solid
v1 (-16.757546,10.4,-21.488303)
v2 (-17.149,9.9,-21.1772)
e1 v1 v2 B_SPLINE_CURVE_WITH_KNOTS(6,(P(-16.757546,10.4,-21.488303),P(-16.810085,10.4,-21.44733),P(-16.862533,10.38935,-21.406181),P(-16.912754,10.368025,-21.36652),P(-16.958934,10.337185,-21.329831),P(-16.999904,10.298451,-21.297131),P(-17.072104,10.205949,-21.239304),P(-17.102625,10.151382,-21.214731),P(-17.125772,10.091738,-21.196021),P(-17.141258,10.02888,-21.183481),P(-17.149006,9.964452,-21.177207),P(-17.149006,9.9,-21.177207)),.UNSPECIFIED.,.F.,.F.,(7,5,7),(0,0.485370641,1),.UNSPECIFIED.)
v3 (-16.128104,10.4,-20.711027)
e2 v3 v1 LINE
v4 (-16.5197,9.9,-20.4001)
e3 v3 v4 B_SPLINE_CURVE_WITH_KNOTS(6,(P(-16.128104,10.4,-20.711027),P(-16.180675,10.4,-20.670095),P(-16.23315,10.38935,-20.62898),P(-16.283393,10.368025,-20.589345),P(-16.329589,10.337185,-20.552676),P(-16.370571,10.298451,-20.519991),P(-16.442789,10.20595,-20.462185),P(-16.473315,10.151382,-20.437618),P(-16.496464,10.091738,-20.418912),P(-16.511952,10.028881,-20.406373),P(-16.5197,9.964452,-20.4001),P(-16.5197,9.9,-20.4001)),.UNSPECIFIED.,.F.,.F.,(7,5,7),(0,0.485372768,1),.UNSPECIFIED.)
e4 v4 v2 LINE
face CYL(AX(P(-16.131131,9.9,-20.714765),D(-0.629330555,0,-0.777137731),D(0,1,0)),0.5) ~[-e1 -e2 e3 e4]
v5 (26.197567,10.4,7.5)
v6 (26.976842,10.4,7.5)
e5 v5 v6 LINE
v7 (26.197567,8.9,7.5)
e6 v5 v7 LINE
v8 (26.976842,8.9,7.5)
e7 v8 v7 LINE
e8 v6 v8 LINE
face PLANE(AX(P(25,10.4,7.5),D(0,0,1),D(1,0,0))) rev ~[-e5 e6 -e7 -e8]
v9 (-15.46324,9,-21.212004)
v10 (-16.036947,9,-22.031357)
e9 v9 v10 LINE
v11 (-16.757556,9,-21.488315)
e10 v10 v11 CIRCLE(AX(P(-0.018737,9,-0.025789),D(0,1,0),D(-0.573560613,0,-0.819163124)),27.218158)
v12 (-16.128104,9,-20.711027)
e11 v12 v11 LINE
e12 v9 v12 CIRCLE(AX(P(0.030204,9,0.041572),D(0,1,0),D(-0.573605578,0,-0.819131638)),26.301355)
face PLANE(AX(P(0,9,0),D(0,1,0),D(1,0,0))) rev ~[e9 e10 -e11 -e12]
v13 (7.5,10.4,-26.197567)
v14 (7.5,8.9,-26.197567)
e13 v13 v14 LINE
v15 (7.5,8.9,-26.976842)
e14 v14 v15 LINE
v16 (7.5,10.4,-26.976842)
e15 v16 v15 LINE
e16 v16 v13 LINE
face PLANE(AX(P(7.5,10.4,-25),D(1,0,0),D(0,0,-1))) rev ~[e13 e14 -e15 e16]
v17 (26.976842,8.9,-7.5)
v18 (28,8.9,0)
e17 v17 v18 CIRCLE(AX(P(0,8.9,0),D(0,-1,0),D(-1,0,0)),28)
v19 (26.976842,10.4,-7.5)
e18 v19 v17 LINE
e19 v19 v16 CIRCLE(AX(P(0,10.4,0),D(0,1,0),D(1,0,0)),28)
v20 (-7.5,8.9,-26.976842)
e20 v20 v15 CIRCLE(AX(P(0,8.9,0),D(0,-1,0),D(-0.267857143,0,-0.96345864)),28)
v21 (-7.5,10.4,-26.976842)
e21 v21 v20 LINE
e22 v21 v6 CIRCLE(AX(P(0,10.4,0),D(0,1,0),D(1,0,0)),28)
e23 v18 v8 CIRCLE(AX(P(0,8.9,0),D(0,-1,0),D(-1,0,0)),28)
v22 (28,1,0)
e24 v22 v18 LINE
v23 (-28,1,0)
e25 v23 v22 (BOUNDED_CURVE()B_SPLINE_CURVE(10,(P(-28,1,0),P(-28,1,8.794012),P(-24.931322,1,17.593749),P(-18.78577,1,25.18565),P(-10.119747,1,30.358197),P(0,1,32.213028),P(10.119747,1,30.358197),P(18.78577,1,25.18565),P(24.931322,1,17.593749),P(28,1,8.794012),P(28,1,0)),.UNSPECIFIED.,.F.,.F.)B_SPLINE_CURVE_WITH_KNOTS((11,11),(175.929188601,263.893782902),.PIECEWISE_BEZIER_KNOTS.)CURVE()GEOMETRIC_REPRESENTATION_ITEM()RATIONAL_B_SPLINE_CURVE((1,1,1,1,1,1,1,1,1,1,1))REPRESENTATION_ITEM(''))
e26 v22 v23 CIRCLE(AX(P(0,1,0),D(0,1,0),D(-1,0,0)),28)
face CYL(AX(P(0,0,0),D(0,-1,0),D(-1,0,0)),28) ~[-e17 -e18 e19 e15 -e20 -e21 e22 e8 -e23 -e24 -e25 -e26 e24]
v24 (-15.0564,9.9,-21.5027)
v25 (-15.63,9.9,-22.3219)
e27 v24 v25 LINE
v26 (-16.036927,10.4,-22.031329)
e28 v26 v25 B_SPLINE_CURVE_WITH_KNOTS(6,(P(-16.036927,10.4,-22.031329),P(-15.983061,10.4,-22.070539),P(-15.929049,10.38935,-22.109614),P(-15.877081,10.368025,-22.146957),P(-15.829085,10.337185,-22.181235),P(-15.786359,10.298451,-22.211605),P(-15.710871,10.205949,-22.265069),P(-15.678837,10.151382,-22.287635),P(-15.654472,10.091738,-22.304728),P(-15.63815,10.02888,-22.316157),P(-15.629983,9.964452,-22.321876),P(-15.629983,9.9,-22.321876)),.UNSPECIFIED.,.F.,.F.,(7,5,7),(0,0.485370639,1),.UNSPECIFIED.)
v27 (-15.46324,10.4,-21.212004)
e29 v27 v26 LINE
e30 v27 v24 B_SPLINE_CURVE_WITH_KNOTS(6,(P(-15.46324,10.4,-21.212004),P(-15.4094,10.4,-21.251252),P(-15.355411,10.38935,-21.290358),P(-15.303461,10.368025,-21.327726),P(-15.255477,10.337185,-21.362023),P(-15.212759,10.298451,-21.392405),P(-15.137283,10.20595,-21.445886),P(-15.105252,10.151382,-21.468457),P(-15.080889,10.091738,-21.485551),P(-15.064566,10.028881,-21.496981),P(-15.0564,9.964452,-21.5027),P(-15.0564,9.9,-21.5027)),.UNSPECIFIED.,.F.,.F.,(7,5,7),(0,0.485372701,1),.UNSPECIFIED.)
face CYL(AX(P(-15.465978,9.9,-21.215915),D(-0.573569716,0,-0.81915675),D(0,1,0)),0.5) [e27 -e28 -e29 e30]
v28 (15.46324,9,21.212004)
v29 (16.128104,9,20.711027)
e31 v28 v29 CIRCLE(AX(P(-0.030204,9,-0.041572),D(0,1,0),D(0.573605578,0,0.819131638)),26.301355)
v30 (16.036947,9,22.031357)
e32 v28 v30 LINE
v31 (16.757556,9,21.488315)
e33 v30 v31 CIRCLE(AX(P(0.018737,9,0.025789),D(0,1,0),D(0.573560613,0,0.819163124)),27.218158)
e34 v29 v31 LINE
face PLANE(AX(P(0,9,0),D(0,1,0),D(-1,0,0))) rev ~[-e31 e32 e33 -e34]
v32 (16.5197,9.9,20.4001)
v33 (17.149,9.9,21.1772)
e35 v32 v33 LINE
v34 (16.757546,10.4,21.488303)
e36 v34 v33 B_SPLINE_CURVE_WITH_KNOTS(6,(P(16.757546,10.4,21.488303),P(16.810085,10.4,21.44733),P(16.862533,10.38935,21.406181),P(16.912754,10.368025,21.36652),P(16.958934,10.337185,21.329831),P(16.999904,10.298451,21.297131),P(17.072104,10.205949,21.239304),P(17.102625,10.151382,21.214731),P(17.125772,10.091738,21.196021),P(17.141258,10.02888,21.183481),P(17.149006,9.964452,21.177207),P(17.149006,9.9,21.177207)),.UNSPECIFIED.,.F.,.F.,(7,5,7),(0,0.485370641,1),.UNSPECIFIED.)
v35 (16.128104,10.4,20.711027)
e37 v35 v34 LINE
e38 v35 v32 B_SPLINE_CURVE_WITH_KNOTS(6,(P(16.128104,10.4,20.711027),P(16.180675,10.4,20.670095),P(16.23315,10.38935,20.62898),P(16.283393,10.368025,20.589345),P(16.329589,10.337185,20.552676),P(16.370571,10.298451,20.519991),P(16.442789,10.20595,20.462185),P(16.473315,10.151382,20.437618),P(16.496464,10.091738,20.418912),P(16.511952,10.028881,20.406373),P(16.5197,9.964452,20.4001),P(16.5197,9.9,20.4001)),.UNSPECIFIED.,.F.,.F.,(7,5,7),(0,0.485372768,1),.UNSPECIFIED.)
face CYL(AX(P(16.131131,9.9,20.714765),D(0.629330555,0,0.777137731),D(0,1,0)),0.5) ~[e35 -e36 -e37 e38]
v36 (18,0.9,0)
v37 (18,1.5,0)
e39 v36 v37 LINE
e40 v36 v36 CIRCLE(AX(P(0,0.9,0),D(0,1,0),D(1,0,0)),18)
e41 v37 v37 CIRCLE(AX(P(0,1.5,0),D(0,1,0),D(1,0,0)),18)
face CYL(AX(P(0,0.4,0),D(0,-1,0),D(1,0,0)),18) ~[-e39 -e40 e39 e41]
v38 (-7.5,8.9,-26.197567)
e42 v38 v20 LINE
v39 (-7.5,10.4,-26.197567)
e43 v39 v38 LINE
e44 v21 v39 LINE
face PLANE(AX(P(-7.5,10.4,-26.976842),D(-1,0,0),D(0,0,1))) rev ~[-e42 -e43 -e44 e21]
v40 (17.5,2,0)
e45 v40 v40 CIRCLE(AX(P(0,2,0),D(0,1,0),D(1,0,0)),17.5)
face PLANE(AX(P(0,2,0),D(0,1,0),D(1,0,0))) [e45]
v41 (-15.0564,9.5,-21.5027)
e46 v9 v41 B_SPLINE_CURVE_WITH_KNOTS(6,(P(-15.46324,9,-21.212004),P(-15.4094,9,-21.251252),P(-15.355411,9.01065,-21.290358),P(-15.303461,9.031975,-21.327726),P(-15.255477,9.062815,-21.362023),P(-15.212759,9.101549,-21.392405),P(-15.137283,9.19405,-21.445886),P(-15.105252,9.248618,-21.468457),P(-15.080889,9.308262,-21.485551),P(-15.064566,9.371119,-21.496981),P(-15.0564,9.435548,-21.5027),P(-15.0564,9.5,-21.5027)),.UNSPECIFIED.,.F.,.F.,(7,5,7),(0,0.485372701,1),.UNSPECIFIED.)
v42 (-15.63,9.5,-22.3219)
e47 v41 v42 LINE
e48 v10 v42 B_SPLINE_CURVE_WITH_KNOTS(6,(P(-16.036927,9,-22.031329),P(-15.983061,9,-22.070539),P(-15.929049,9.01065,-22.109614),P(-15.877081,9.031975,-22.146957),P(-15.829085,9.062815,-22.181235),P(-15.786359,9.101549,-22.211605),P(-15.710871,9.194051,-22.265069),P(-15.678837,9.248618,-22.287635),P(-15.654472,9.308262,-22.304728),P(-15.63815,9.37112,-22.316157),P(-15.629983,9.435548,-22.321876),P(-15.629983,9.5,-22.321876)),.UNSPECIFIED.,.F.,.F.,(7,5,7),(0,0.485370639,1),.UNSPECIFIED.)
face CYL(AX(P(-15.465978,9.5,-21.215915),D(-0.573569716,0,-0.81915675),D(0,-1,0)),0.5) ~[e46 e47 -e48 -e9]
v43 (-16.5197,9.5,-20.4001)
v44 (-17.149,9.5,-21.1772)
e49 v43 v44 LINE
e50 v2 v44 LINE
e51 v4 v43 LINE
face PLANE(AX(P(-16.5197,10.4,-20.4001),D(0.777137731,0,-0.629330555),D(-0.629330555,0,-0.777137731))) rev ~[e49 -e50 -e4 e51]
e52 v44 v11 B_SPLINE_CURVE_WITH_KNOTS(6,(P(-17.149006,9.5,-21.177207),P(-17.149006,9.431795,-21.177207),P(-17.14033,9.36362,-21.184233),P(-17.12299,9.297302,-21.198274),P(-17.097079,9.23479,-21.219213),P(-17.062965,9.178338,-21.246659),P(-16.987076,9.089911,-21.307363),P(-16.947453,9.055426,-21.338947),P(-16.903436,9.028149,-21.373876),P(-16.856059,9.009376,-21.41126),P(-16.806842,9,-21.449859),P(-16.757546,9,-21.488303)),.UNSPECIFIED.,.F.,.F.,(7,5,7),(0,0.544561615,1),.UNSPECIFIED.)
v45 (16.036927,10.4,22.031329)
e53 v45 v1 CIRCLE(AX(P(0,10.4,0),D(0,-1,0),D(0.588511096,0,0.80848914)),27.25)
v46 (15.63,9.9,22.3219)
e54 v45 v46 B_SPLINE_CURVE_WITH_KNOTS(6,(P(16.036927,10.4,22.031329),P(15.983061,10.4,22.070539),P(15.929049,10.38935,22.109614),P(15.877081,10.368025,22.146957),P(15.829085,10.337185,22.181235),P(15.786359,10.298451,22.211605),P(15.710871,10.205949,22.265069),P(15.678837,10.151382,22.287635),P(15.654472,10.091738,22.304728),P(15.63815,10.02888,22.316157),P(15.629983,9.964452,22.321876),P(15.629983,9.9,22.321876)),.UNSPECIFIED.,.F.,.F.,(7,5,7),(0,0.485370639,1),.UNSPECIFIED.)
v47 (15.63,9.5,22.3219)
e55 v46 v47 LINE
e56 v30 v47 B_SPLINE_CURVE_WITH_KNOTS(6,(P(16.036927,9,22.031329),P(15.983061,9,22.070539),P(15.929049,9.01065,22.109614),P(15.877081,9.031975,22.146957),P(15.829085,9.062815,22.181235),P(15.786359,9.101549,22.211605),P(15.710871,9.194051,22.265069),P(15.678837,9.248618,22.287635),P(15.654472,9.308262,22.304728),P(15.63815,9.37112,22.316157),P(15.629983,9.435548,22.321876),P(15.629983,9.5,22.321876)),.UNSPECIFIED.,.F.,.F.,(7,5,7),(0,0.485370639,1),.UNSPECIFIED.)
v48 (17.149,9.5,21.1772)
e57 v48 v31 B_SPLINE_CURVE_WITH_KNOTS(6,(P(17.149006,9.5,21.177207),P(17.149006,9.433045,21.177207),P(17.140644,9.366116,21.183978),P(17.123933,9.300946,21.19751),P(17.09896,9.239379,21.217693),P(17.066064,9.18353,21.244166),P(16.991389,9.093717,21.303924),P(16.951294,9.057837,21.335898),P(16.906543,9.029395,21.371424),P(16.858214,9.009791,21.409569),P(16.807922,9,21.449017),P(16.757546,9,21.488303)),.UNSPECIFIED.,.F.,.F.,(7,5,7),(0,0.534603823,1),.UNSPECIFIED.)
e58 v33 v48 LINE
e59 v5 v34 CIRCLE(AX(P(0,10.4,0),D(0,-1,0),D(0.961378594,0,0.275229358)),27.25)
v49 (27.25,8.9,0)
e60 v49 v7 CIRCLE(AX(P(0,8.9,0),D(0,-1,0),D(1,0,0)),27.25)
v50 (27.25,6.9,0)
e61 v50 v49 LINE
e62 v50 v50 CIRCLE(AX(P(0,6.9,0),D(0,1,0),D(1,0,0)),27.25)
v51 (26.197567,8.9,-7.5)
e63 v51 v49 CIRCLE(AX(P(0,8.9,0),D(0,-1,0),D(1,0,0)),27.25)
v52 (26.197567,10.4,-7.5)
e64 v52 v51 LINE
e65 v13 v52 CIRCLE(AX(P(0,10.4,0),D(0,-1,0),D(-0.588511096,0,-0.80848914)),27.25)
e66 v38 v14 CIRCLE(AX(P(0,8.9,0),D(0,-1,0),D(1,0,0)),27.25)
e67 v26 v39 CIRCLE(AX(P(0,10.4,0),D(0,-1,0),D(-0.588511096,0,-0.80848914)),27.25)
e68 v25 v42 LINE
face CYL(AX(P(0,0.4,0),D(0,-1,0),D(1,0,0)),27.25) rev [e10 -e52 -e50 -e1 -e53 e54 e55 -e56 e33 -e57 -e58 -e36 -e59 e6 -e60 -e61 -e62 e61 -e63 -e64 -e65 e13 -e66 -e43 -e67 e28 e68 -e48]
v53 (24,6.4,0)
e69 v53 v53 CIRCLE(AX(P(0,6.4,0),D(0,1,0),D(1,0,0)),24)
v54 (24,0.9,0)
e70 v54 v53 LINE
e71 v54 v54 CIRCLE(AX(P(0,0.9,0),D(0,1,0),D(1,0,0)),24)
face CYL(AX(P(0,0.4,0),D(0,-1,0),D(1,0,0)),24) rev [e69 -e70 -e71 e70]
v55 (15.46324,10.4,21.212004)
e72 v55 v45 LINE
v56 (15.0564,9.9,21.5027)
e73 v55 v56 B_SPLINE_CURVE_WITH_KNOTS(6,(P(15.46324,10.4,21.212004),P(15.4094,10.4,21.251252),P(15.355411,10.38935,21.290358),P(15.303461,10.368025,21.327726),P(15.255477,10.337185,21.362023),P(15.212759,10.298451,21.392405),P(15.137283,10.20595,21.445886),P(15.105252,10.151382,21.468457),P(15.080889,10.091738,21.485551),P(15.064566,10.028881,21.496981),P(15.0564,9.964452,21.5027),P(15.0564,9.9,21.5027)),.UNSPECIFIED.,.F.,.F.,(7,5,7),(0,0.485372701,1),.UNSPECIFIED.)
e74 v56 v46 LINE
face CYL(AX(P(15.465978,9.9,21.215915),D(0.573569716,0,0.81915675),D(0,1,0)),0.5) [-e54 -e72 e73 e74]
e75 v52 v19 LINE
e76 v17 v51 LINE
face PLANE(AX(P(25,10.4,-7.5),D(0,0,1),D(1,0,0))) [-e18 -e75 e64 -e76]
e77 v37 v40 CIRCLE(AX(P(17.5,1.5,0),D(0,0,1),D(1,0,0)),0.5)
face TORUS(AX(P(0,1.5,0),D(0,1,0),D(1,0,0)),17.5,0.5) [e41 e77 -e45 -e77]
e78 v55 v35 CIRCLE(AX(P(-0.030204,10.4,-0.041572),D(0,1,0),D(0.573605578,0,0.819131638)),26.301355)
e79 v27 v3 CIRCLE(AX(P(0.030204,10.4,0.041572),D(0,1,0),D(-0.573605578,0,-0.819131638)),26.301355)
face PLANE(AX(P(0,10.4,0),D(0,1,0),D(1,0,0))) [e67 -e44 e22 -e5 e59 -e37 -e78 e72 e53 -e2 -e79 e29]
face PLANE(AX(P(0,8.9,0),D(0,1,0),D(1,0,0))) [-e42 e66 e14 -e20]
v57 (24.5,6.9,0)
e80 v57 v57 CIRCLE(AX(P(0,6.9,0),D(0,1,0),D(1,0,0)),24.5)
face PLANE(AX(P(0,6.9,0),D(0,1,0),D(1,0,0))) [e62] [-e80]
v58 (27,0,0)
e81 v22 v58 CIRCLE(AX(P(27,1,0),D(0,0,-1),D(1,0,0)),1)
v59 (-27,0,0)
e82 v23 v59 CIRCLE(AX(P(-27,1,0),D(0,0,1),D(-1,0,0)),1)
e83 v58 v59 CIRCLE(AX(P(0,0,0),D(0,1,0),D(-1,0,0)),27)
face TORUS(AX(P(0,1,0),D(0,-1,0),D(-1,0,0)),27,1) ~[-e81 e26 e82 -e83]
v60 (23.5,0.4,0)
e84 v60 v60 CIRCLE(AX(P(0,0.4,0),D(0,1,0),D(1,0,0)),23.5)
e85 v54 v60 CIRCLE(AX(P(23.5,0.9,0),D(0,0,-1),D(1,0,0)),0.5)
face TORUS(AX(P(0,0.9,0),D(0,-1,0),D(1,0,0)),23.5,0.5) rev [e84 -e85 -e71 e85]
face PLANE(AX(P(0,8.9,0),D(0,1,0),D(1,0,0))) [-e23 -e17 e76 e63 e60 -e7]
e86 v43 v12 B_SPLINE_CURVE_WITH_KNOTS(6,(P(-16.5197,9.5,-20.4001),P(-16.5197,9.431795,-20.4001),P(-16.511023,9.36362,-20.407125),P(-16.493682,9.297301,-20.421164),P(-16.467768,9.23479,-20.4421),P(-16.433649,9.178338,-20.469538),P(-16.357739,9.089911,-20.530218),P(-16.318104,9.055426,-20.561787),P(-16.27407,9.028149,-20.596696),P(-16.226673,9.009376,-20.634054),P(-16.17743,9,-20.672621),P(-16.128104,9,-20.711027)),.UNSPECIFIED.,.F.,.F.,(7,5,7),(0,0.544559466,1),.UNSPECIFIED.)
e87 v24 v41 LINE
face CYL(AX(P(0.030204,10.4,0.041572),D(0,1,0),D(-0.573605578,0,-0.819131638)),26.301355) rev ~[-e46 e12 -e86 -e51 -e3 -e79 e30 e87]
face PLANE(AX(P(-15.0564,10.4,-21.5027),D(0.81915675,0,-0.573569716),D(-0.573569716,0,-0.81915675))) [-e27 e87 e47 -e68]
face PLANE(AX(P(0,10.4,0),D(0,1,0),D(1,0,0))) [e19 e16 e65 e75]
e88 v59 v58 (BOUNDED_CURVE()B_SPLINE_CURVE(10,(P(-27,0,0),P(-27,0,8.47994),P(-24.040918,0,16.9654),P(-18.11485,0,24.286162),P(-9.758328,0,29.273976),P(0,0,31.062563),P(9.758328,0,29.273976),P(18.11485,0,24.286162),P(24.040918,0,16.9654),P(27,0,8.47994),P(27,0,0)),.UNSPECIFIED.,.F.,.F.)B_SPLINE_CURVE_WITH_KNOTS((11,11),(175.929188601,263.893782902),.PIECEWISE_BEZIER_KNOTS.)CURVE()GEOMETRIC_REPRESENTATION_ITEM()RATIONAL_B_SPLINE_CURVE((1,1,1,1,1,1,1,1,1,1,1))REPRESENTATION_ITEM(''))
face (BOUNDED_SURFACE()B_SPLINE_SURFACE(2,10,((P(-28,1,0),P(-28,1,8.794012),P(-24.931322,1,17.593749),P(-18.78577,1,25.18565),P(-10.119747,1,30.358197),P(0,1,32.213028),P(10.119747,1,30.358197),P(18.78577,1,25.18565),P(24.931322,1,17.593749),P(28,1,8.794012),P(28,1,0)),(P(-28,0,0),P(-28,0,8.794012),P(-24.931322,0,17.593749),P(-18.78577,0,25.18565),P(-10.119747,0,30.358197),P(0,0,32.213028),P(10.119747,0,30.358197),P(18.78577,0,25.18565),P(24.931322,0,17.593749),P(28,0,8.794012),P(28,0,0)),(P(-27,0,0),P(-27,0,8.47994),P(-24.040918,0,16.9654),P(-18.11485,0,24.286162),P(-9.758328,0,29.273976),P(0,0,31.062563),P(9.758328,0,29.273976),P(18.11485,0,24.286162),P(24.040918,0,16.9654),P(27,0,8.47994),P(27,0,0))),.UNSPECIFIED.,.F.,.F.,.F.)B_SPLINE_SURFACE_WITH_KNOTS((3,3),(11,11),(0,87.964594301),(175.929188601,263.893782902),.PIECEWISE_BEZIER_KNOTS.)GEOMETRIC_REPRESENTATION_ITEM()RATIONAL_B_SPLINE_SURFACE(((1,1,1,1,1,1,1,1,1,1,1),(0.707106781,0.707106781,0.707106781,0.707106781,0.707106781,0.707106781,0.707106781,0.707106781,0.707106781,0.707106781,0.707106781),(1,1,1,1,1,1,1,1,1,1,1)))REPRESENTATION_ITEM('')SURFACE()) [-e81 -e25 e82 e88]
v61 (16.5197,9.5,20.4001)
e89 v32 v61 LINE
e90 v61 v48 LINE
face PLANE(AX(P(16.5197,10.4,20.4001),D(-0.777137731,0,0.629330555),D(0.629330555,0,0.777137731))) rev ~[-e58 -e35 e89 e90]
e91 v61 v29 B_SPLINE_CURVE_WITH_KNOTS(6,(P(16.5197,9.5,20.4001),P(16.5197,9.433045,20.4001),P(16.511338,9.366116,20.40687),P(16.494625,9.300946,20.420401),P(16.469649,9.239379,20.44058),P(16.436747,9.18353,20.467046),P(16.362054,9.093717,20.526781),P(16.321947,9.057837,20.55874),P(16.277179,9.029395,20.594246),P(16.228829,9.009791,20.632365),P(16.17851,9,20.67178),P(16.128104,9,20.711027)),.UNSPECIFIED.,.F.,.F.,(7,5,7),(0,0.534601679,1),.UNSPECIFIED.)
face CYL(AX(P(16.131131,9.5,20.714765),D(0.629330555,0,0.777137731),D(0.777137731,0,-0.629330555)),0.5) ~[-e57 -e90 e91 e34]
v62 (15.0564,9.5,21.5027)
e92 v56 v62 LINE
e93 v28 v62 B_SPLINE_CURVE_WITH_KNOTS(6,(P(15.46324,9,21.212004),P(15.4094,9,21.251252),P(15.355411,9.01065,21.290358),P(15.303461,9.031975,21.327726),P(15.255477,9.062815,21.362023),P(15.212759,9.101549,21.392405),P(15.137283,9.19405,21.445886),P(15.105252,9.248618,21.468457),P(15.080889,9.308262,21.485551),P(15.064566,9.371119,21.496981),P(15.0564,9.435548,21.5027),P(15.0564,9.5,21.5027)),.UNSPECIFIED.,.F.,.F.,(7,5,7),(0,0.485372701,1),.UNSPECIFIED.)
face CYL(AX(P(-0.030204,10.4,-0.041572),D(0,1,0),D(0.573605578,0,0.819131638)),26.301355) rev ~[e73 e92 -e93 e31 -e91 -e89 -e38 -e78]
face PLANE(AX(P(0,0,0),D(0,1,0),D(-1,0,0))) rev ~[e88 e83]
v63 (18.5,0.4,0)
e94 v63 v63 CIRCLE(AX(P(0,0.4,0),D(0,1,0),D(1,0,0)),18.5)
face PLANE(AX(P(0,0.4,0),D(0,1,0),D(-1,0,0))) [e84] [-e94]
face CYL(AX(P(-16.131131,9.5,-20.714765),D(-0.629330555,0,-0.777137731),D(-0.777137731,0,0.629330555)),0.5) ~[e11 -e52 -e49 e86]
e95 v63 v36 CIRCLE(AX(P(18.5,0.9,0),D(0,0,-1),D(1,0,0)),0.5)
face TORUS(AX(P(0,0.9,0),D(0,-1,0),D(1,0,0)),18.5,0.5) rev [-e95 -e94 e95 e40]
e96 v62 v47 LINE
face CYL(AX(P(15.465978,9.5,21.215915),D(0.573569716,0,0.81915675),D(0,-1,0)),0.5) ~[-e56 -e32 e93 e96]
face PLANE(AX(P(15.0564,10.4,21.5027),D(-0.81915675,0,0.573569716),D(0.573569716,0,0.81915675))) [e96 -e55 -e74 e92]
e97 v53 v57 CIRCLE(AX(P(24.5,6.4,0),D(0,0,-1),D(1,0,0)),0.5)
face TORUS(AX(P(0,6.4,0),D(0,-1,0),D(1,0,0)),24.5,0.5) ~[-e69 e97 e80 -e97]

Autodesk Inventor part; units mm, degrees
ref_plane "YZ Plane" through (0, 0, 0) normal (1, 0, 0) x (0, 1, 0)
ref_plane "XZ Plane" through (0, 0, 0) normal (0, 1, 0) x (-1, 0, 0)
ref_plane "XY Plane" through (0, 0, 0) normal (0, 0, 1) x (1, 0, 0)
sketch "Sketch1" plane through (0, 0, 0) normal (0, 1, 0) x (-1, 0, 0)
  circle A0 centre (0, 0) radius 28
  dimension "d7" = 56
extrude "Extrusion1" add sketch "Sketch1" along normal blind 0.4
sketch "Sketch2" plane through (0, 0.4, 0) normal (0, 1, 0) x (1, 0, 0)
  circle A0 centre (0, 0) radius 27.25
  circle A1 centre (0, 0) radius 28
  dimension "d4" = 54.5
  dimension "d8" = 56
extrude "Extrusion2" add sketch "Sketch2" along normal blind 10
sketch "Sketch3" plane through (0, 10.4, 0) normal (0, 1, 0) x (1, 0, 0)
  arc A0 (-15.63, 22.3219) -> (-17.149, 21.1772) centre (0, 0) ccw
  line L0 (0, 0) -> (-17.149, 21.1772) construction
  line L1 (0, 0) -> (27.25, 0) construction
  line L2 (0, 0) -> (-15.63, 22.3219) construction
  arc A1 (-15.0564, 21.5027) -> (-16.5197, 20.4001) centre (0, 0) ccw
  line L3 (0, 0) -> (-16.5197, 20.4001) construction
  line L4 (0, 0) -> (26.25, 0) construction
  line L5 (0, 0) -> (-15.0564, 21.5027) construction
  line L6 (-16.5197, 20.4001) -> (-17.149, 21.1772)
  line L7 (-15.0564, 21.5027) -> (-15.63, 22.3219)
  circle A2 centre (0, 0) radius 27.25 projected
  dimension "d9" = 27.25
  dimension "d10" = 129
  dimension "d11" = 4
  dimension "d12" = 26.25
  dimension "d13" = 129
  dimension "d14" = 4
extrude "Extrusion3" add sketch "Sketch3" against normal blind 1.4 contours L7 A1 L6 A0
fillet "Fillet1" radius 0.5 4 edges at (-15.3432, 9, -21.9123) (-15.3432, 10.4, -21.9123) (-16.8343, 10.4, -20.7887) (-16.8343, 9, -20.7887)
pattern_circular "Circular Pattern1" count 2 over 360 about axis through (0, 0, 0) along (0, 1, 0) of "Extrusion3", "Fillet1"
sketch "Sketch4" plane through (0, 10.4, 0) normal (0, 1, 0) x (1, 0, 0)
  circle A0 centre (0, 0) radius 28 projected
  line L0 (0, 28) -> (-7.5, 28)
  line L1 (-7.5, 28) -> (-7.5, 25)
  line L2 (-7.5, 25) -> (0, 25)
  line L3 (0, 25) -> (0, 28)
  line L4 (0, 25) -> (7.5, 25)
  line L5 (7.5, 25) -> (7.5, 28)
  line L6 (7.5, 28) -> (0, 28)
  line L7 (0, 28) -> (0, 25)
  circle A1 centre (0, 0) radius 28 projected
  line L8 (28, 0) -> (25, 0)
  line L9 (25, 0) -> (25, 7.5)
  line L10 (25, 7.5) -> (28, 7.5)
  line L11 (28, 7.5) -> (28, 0)
  line L12 (28, 0) -> (25, 0)
  line L13 (25, 0) -> (25, -7.5)
  line L14 (25, -7.5) -> (28, -7.5)
  line L15 (28, -7.5) -> (28, 0)
  dimension "d25" = 7.5
  dimension "d26" = 3
  dimension "d27" = 7.5
  dimension "d28" = 3
  dimension "d51" = 3
  dimension "d52" = 7.5
  dimension "d53" = 3
  dimension "d54" = 7.5
extrude "Extrusion4" cut sketch "Sketch4" against normal blind 1.5 contours L8 L9 L10 A0 | L15 L14 A0 | A0 L14 L13 L8 | A0 L10 L11 | L5 L4 L3 A0 | A0 L6 L5 | L1 L0 A0 | A0 L3 L2 L1
sketch "Sketch7" plane through (0, 0.4, 0) normal (0, 1, 0) x (1, 0, 0)
  circle A0 centre (0, 0) radius 24
  circle A1 centre (0, 0) radius 27.25
  dimension "d47" = 48
  dimension "d50" = 54.5
extrude "Extrusion7" add sketch "Sketch7" along normal blind 6.5
sketch "Sketch9" plane through (0, 0.4, 0) normal (0, 1, 0) x (1, 0, 0)
  circle A0 centre (0, 0) radius 18
  dimension "d60" = 36
extrude "Extrusion9" add sketch "Sketch9" along normal blind 1.6
fillet "Fillet5" radius 1 1 edges at (28, 0, 0)
fillet "Fillet5" radius 0.5 4 edges at (-24, 0.4, 0) (-24, 6.9, 0) (-18, 0.4, 0) (-18, 2, 0)
properties part number "Diffuser_V2"
